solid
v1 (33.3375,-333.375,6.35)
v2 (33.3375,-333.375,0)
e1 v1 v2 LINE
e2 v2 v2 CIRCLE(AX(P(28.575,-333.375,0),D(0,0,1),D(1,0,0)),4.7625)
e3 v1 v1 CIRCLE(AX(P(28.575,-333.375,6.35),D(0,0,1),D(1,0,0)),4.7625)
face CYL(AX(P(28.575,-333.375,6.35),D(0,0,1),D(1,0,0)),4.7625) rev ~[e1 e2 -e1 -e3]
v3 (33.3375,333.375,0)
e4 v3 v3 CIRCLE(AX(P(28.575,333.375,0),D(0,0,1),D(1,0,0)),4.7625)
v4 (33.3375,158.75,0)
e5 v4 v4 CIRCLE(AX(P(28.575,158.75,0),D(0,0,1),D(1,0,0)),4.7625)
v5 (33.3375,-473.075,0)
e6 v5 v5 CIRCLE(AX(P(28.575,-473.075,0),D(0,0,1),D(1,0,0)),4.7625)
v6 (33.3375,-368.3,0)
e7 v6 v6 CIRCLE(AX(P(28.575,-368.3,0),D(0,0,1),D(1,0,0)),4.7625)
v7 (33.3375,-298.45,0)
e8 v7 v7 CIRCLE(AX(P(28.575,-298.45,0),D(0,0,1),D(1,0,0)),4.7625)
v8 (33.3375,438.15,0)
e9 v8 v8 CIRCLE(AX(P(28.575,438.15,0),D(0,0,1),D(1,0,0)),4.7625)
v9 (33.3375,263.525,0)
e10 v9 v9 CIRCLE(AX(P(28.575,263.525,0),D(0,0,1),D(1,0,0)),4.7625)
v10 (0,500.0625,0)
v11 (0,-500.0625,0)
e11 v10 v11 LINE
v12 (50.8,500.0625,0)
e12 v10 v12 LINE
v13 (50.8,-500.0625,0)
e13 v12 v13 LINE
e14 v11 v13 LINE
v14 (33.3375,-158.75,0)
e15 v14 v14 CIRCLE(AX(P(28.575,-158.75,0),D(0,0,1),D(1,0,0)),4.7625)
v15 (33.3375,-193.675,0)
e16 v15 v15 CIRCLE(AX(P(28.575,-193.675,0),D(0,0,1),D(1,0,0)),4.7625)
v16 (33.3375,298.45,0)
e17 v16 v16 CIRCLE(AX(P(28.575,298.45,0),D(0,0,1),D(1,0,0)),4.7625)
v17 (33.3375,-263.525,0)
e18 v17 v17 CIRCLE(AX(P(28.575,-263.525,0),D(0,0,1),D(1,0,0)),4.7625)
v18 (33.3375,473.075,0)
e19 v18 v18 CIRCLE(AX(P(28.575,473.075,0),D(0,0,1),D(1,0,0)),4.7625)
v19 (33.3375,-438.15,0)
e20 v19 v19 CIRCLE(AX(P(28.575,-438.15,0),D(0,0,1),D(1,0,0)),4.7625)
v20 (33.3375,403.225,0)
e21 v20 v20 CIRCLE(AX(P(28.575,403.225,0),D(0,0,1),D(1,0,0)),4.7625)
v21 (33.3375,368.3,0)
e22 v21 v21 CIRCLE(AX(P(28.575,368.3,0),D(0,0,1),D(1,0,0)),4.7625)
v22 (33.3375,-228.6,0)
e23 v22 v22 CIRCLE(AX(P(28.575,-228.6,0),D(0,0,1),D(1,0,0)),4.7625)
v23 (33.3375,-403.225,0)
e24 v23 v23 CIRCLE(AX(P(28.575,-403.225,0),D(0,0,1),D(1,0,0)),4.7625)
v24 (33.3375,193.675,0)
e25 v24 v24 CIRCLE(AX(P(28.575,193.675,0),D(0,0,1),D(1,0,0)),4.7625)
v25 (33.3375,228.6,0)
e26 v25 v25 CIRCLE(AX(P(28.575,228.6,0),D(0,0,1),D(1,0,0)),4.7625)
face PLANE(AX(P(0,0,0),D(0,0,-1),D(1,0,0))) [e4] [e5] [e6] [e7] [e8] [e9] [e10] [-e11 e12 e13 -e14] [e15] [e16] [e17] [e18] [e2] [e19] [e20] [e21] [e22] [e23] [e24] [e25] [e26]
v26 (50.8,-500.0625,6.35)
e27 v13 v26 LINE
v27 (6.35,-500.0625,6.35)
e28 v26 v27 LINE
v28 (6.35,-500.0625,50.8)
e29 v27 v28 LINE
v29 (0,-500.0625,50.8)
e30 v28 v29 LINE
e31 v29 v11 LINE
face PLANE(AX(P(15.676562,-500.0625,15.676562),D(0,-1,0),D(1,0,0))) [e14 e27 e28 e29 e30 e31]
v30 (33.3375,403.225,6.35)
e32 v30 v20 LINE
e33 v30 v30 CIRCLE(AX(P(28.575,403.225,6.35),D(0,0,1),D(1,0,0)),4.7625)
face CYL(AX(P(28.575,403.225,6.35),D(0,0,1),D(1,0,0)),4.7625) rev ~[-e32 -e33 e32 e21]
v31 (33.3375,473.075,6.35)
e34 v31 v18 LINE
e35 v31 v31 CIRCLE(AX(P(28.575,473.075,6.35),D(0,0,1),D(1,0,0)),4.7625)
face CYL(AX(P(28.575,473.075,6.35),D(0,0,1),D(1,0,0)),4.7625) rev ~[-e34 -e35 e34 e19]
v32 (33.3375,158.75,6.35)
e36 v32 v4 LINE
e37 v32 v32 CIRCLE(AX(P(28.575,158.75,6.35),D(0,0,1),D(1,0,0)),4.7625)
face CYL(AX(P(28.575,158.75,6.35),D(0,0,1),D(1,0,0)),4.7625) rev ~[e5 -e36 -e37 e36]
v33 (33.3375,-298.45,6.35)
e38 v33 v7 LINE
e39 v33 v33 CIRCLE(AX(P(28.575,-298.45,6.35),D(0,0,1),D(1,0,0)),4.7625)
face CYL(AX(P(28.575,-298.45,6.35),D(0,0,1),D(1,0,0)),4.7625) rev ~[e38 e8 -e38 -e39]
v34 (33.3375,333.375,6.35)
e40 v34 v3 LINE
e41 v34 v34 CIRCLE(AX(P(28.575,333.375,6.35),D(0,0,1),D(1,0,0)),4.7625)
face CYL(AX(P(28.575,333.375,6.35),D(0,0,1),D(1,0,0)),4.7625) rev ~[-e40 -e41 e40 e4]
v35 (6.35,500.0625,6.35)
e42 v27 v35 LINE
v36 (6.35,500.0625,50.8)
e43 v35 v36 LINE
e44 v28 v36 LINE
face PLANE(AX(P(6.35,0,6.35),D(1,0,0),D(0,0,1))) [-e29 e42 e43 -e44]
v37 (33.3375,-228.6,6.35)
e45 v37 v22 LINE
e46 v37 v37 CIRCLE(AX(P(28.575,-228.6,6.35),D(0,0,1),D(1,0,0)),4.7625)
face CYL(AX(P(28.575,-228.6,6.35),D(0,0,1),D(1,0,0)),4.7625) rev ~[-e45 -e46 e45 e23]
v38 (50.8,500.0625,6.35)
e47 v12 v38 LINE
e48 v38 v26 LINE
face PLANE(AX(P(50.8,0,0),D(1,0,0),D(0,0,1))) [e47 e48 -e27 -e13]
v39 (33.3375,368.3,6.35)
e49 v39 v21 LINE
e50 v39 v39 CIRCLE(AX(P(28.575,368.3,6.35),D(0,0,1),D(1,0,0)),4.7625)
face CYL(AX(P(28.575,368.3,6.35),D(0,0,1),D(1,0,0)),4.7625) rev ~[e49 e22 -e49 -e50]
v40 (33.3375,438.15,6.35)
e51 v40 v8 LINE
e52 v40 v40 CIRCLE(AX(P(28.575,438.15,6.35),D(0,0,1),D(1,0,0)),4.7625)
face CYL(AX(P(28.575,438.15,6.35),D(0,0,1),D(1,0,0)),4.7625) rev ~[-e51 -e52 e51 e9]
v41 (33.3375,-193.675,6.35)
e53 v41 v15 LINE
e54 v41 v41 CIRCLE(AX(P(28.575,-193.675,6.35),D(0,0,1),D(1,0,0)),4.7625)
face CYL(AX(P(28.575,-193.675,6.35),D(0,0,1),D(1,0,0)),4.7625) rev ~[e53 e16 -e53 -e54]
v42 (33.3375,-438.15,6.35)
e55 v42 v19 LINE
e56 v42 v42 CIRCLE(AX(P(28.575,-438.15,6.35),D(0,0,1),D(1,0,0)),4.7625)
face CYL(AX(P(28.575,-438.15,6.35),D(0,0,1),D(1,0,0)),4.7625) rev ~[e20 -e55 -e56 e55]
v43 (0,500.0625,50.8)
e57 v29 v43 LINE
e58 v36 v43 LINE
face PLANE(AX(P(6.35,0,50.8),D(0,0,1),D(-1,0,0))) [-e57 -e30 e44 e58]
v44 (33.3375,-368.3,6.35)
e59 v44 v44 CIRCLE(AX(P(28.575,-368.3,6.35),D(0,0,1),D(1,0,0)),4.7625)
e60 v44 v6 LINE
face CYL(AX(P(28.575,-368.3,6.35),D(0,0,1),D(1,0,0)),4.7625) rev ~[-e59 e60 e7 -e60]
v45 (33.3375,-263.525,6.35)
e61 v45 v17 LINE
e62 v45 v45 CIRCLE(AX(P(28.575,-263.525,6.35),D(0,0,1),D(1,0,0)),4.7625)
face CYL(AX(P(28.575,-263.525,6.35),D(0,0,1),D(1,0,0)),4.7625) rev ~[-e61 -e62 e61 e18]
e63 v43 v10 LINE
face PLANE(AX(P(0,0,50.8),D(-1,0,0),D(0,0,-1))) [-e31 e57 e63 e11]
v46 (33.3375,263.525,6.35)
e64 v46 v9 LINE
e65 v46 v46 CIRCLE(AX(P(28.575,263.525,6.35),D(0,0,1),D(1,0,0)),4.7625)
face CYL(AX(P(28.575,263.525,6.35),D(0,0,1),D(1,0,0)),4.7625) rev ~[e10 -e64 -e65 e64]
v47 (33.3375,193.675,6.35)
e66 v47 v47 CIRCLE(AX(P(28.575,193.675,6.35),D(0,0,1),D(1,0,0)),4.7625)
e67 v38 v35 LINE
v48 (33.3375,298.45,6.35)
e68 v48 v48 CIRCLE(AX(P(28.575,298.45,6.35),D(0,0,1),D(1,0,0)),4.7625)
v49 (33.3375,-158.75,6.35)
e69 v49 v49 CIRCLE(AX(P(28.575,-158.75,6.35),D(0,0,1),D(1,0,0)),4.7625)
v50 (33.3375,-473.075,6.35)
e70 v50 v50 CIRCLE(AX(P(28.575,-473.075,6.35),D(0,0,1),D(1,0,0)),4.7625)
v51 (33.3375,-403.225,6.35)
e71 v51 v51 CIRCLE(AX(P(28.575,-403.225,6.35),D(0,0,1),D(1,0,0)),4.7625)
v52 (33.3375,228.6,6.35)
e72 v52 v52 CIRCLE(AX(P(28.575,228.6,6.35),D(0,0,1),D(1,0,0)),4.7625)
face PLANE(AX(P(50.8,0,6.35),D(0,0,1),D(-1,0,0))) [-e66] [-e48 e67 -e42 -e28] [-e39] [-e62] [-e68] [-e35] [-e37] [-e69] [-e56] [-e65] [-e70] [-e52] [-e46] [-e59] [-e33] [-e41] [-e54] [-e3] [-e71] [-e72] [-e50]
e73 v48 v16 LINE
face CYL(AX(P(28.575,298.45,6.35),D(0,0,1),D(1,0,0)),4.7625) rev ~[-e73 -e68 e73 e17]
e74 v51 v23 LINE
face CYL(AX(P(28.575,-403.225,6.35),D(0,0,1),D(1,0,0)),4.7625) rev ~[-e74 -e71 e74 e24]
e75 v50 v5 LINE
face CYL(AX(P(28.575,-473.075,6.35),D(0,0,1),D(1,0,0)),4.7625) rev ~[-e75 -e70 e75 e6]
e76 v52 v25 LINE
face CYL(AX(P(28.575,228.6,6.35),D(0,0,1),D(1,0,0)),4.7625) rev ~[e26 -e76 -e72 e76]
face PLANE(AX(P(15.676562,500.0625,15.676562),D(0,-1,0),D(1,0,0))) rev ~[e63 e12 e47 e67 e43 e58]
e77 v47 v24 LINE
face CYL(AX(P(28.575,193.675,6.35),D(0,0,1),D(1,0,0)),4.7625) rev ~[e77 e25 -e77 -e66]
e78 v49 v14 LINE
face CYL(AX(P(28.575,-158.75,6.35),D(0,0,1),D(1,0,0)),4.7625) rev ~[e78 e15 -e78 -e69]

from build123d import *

# Parameters (mm, degrees)
F1_DEPTH = 500.0625
F2_R     = 4.7625
F3_DEPTH = 6.351


with BuildPart() as f1:
    # F0 (on Front) → F1 (new body, symmetric)
    with BuildSketch(Plane.XZ):
        Polygon((0, 50.8), (0, 0), (50.8, 0), (50.8, 6.35), (6.35, 6.35), (6.35, 50.8), align=None)
    extrude(amount=F1_DEPTH, both=True)

    # F2 (on face) → F3 (cut, through all)
    with BuildSketch(Plane.XY.offset(6.35)):
        with Locations((28.575, 473.075)):
            Circle(F2_R)
        with Locations((28.575, 438.15)):
            Circle(F2_R)
        with Locations((28.575, 403.225)):
            Circle(F2_R)
        with Locations((28.575, 368.3)):
            Circle(F2_R)
        with Locations((28.575, 333.375)):
            Circle(F2_R)
        with Locations((28.575, 298.45)):
            Circle(F2_R)
        with Locations((28.575, 263.525)):
            Circle(F2_R)
        with Locations((28.575, 228.6)):
            Circle(F2_R)
        with Locations((28.575, 193.675)):
            Circle(F2_R)
        with Locations((28.575, 158.75)):
            Circle(F2_R)
        with Locations((28.575, -158.75)):
            Circle(F2_R)
        with Locations((28.575, -193.675)):
            Circle(F2_R)
        with Locations((28.575, -228.6)):
            Circle(F2_R)
        with Locations((28.575, -263.525)):
            Circle(F2_R)
        with Locations((28.575, -298.45)):
            Circle(F2_R)
        with Locations((28.575, -333.375)):
            Circle(F2_R)
        with Locations((28.575, -473.075)):
            Circle(F2_R)
        with Locations((28.575, -438.15)):
            Circle(F2_R)
        with Locations((28.575, -403.225)):
            Circle(F2_R)
        with Locations((28.575, -368.3)):
            Circle(F2_R)
    extrude(amount=-F3_DEPTH, mode=Mode.SUBTRACT)


solid = f1.part
